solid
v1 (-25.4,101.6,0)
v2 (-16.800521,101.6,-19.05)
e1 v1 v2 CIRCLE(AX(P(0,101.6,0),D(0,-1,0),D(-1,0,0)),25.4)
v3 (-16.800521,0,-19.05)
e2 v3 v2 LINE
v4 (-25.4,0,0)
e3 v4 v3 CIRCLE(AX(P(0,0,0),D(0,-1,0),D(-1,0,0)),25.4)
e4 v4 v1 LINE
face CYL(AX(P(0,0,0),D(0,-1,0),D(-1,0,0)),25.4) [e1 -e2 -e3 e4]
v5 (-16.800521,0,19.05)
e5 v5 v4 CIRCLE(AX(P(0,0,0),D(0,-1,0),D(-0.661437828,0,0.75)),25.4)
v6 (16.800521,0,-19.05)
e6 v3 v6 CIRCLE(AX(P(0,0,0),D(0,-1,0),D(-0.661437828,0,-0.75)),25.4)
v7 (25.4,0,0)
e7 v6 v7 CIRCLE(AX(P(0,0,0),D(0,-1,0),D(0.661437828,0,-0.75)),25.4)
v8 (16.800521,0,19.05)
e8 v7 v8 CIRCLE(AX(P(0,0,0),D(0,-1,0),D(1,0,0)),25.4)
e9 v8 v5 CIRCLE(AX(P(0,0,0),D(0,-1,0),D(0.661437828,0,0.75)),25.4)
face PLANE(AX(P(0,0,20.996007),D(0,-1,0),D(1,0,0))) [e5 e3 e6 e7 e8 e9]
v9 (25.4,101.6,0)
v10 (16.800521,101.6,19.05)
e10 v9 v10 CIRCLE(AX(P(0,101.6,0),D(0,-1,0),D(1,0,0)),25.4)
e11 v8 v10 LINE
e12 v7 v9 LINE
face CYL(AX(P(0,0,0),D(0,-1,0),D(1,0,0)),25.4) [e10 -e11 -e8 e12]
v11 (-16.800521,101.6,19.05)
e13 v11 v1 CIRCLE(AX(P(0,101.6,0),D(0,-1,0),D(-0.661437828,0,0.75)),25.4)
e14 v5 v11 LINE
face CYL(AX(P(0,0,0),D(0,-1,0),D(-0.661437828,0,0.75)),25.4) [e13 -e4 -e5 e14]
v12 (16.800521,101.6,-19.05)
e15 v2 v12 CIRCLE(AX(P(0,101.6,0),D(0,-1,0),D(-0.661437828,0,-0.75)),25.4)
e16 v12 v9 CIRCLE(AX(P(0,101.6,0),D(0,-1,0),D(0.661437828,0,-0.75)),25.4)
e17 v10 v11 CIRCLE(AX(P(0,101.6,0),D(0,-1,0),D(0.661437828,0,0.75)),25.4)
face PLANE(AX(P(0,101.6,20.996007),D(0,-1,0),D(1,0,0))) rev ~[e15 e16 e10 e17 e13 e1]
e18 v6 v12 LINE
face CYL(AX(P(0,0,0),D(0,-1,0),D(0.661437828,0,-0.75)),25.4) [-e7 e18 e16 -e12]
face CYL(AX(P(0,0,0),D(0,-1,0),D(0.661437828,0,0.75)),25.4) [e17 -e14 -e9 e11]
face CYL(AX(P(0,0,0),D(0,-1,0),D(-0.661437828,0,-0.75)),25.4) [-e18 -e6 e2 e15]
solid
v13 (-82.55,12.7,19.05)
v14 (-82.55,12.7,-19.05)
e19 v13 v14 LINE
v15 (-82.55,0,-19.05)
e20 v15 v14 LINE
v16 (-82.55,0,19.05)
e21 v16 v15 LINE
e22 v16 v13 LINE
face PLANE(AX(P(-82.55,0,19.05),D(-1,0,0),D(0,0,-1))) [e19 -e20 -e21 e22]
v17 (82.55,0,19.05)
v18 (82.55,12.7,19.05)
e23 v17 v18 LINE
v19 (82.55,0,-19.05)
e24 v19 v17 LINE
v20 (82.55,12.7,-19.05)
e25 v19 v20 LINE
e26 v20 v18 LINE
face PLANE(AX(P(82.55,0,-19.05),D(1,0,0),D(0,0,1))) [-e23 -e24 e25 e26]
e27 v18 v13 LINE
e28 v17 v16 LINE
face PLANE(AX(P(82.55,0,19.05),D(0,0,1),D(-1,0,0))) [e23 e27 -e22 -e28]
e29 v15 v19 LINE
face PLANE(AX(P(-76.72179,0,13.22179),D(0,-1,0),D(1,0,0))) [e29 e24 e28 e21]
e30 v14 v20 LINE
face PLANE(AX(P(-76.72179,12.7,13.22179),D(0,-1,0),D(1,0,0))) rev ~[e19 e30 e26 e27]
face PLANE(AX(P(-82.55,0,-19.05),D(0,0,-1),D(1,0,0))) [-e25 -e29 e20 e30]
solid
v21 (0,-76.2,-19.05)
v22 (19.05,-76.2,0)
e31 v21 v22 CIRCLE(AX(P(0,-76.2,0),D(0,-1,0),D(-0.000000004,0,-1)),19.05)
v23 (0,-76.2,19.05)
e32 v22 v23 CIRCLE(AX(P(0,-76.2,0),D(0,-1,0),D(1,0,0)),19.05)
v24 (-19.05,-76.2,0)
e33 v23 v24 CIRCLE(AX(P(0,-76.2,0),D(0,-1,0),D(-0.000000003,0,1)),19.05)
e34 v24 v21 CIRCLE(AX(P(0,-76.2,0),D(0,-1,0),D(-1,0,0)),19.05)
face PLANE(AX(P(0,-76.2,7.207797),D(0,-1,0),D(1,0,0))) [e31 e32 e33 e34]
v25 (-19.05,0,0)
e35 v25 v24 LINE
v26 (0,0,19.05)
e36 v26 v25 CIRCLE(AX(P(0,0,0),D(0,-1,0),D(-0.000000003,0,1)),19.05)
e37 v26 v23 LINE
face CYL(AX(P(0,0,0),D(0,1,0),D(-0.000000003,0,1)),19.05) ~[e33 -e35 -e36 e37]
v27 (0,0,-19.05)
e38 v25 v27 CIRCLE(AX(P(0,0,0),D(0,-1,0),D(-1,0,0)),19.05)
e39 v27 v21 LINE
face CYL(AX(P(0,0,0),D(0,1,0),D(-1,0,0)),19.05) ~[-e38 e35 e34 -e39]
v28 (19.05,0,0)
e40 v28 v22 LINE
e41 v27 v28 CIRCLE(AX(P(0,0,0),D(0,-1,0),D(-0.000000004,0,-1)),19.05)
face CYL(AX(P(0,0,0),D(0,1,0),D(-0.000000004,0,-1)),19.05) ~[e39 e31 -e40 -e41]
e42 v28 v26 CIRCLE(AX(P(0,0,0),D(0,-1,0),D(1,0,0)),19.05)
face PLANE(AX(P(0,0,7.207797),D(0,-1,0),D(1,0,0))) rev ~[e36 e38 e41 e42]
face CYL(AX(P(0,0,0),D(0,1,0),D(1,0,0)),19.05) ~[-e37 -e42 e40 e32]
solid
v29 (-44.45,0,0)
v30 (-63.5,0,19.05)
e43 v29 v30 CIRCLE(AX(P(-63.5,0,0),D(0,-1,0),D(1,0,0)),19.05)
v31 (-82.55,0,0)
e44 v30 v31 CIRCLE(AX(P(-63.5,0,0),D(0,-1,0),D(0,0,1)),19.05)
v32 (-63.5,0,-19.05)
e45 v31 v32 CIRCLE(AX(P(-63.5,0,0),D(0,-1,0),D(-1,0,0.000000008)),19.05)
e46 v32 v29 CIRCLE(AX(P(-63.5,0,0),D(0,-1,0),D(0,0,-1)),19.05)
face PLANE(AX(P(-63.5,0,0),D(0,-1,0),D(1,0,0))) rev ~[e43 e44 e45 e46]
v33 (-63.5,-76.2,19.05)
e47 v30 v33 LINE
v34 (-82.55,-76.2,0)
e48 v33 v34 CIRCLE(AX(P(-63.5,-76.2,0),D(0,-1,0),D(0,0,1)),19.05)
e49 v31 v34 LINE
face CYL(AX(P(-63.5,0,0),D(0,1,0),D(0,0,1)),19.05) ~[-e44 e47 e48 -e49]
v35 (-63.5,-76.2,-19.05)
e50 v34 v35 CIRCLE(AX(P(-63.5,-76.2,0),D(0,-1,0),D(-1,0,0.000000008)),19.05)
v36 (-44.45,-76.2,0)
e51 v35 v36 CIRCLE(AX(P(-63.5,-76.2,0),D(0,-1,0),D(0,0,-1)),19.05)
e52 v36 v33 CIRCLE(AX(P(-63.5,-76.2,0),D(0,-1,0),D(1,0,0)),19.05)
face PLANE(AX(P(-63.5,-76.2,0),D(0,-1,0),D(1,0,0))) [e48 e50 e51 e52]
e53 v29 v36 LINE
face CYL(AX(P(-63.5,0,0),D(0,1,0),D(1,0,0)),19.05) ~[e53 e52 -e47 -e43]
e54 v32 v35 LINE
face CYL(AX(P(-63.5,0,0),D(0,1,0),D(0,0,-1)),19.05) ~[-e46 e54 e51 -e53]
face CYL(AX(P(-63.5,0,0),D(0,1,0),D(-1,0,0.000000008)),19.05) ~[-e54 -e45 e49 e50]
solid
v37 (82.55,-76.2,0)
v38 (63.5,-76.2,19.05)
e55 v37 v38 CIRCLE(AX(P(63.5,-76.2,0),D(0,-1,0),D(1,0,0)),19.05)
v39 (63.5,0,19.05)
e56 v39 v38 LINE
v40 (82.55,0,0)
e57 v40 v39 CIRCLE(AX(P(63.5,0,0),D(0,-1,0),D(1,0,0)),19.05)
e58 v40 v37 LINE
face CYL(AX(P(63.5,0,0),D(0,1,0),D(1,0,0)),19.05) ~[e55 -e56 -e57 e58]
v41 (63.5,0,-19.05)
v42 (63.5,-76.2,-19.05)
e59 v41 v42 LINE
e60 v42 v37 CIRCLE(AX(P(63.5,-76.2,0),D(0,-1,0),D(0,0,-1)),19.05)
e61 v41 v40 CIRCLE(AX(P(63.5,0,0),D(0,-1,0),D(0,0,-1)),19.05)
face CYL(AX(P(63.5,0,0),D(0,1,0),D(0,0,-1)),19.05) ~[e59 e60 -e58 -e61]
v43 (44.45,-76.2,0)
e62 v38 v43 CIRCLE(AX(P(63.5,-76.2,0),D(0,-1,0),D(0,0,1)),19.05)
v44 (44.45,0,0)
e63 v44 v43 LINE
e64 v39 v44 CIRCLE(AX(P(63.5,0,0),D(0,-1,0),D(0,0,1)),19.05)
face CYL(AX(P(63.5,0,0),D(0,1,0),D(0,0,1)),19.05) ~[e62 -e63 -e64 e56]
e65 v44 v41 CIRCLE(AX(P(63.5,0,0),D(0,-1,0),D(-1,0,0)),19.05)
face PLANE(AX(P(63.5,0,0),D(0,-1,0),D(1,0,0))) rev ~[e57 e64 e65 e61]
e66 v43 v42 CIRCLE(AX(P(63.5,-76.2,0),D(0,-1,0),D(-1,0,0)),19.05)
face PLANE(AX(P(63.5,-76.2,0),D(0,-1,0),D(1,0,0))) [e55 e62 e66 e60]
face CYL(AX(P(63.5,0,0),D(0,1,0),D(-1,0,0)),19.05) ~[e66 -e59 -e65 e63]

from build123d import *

# Parameters (mm, degrees)
F1_DEPTH = 76.2
F2_DEPTH = 12.7
F3_DEPTH = 101.6


with BuildPart() as f1:
    # F0 (on Front) → F1 (new body)
    with BuildSketch(Plane.XZ):
        with BuildLine():
            ThreePointArc((-63.5, -19.05), (-50.0296158184, -13.4703841816), (-44.45, 0))
            ThreePointArc((-44.45, 0), (-50.0296158184, 13.4703841816), (-63.5, 19.05))
            ThreePointArc((-63.5, 19.05), (-76.9703841264, 13.4703842368), (-82.55, 1.56e-07))
            ThreePointArc((-82.55, 1.56e-07), (-76.9703842368, -13.4703841264), (-63.5, -19.05))
        make_face()
    extrude(amount=F1_DEPTH)


with BuildPart() as f1b:
    # F0 (on Front) → F1, piece 2 (new body)
    with BuildSketch(Plane.XZ):
        with BuildLine():
            ThreePointArc((82.55, 0), (76.9703841816, 13.4703841816), (63.5, 19.05))
            ThreePointArc((63.5, 19.05), (50.0296158184, 13.4703841816), (44.45, 0))
            ThreePointArc((44.45, 0), (50.0296158184, -13.4703841816), (63.5, -19.05))
            ThreePointArc((63.5, -19.05), (76.9703841816, -13.4703841816), (82.55, 0))
        make_face()
    extrude(amount=F1_DEPTH)


with BuildPart() as f1c:
    # F0 (on Front) → F1, piece 3 (new body)
    with BuildSketch(Plane.XZ):
        with BuildLine():
            ThreePointArc((-5.96e-08, 19.05), (-13.4703842027, 13.4703841605), (-19.05, 0))
            Line((-19.05, 0), (0, 0))
            Line((0, 0), (19.05, 0))
            ThreePointArc((19.05, 0), (13.4703841605, 13.4703842027), (-5.96e-08, 19.05))
        make_face()
        with BuildLine():
            Line((0, 0), (-19.05, 0))
            ThreePointArc((-19.05, 0), (-13.4703842077, -13.4703841555), (-7.38e-08, -19.05))
            ThreePointArc((-7.38e-08, -19.05), (13.4703841555, -13.4703842077), (19.05, 0))
            Line((19.05, 0), (0, 0))
        make_face()
    extrude(amount=F1_DEPTH)


with BuildPart() as f2:
    # F0 (on Front) → F2 (new body)
    with BuildSketch(Plane.XZ):
        with BuildLine():
            ThreePointArc((-82.55, 1.56e-07), (-76.9703841264, 13.4703842368), (-63.5, 19.05))
            Line((-63.5, 19.05), (-82.55, 19.05))
            Line((-82.55, 19.05), (-82.55, 1.56e-07))
        make_face()
        with BuildLine():
            Line((-82.55, -19.05), (-63.5, -19.05))
            ThreePointArc((-63.5, -19.05), (-76.9703842368, -13.4703841264), (-82.55, 1.56e-07))
            Line((-82.55, 1.56e-07), (-82.55, -19.05))
        make_face()
        with BuildLine():
            Line((82.55, 19.05), (63.5, 19.05))
            ThreePointArc((63.5, 19.05), (76.9703841816, 13.4703841816), (82.55, 0))
            Line((82.55, 0), (82.55, 19.05))
        make_face()
        with BuildLine():
            ThreePointArc((82.55, 0), (76.9703841816, -13.4703841816), (63.5, -19.05))
            Line((63.5, -19.05), (82.55, -19.05))
            Line((82.55, -19.05), (82.55, 0))
        make_face()
        with BuildLine():
            ThreePointArc((-63.5, 19.05), (-50.0296158184, 13.4703841816), (-44.45, 0))
            Line((-44.45, 0), (-25.4, 0))
            ThreePointArc((-25.4, 0), (-23.1505208253, 10.4505208253), (-16.8005208253, 19.05))
            Line((-16.8005208253, 19.05), (-63.5, 19.05))
        make_face()
        with BuildLine():
            Line((-25.4, 0), (-44.45, 0))
            ThreePointArc((-44.45, 0), (-50.0296158184, -13.4703841816), (-63.5, -19.05))
            Line((-63.5, -19.05), (-16.8005208253, -19.05))
            ThreePointArc((-16.8005208253, -19.05), (-23.1505208253, -10.4505208253), (-25.4, 0))
        make_face()
        with BuildLine():
            Line((63.5, 19.05), (16.8005208253, 19.05))
            ThreePointArc((16.8005208253, 19.05), (23.1505208253, 10.4505208253), (25.4, 0))
            Line((25.4, 0), (44.45, 0))
            ThreePointArc((44.45, 0), (50.0296158184, 13.4703841816), (63.5, 19.05))
        make_face()
        with BuildLine():
            ThreePointArc((25.4, 0), (23.1505208253, -10.4505208253), (16.8005208253, -19.05))
            Line((16.8005208253, -19.05), (63.5, -19.05))
            ThreePointArc((63.5, -19.05), (50.0296158184, -13.4703841816), (44.45, 0))
            Line((44.45, 0), (25.4, 0))
        make_face()
        with BuildLine():
            Line((16.8005208253, 19.05), (-5.96e-08, 19.05))
            ThreePointArc((-5.96e-08, 19.05), (13.4703841605, 13.4703842027), (19.05, 0))
            Line((19.05, 0), (25.4, 0))
            ThreePointArc((25.4, 0), (23.1505208253, 10.4505208253), (16.8005208253, 19.05))
        make_face()
        with BuildLine():
            ThreePointArc((-16.8005208253, 19.05), (-23.1505208253, 10.4505208253), (-25.4, 0))
            Line((-25.4, 0), (-19.05, 0))
            ThreePointArc((-19.05, 0), (-13.4703842027, 13.4703841605), (-5.96e-08, 19.05))
            Line((-5.96e-08, 19.05), (-16.8005208253, 19.05))
        make_face()
        with BuildLine():
            Line((-19.05, 0), (-25.4, 0))
            ThreePointArc((-25.4, 0), (-23.1505208253, -10.4505208253), (-16.8005208253, -19.05))
            Line((-16.8005208253, -19.05), (-7.38e-08, -19.05))
            ThreePointArc((-7.38e-08, -19.05), (-13.4703842077, -13.4703841555), (-19.05, 0))
        make_face()
        with BuildLine():
            ThreePointArc((19.05, 0), (13.4703841555, -13.4703842077), (-7.38e-08, -19.05))
            Line((-7.38e-08, -19.05), (16.8005208253, -19.05))
            ThreePointArc((16.8005208253, -19.05), (23.1505208253, -10.4505208253), (25.4, 0))
            Line((25.4, 0), (19.05, 0))
        make_face()
        with BuildLine():
            ThreePointArc((-63.5, -19.05), (-50.0296158184, -13.4703841816), (-44.45, 0))
            ThreePointArc((-44.45, 0), (-50.0296158184, 13.4703841816), (-63.5, 19.05))
            ThreePointArc((-63.5, 19.05), (-76.9703841264, 13.4703842368), (-82.55, 1.56e-07))
            ThreePointArc((-82.55, 1.56e-07), (-76.9703842368, -13.4703841264), (-63.5, -19.05))
        make_face()
        with BuildLine():
            ThreePointArc((-5.96e-08, 19.05), (-13.4703842027, 13.4703841605), (-19.05, 0))
            Line((-19.05, 0), (0, 0))
            Line((0, 0), (19.05, 0))
            ThreePointArc((19.05, 0), (13.4703841605, 13.4703842027), (-5.96e-08, 19.05))
        make_face()
        with BuildLine():
            ThreePointArc((82.55, 0), (76.9703841816, 13.4703841816), (63.5, 19.05))
            ThreePointArc((63.5, 19.05), (50.0296158184, 13.4703841816), (44.45, 0))
            ThreePointArc((44.45, 0), (50.0296158184, -13.4703841816), (63.5, -19.05))
            ThreePointArc((63.5, -19.05), (76.9703841816, -13.4703841816), (82.55, 0))
        make_face()
        with BuildLine():
            Line((0, 0), (-19.05, 0))
            ThreePointArc((-19.05, 0), (-13.4703842077, -13.4703841555), (-7.38e-08, -19.05))
            ThreePointArc((-7.38e-08, -19.05), (13.4703841555, -13.4703842077), (19.05, 0))
            Line((19.05, 0), (0, 0))
        make_face()
    extrude(amount=-F2_DEPTH)


with BuildPart() as f3:
    # F0 (on Front) → F3 (new body)
    with BuildSketch(Plane.XZ):
        with BuildLine():
            ThreePointArc((16.8005208253, 19.05), (0, 25.4), (-16.8005208253, 19.05))
            Line((-16.8005208253, 19.05), (-5.96e-08, 19.05))
            Line((-5.96e-08, 19.05), (16.8005208253, 19.05))
        make_face()
        with BuildLine():
            ThreePointArc((-16.8005208253, 19.05), (-23.1505208253, 10.4505208253), (-25.4, 0))
            Line((-25.4, 0), (-19.05, 0))
            ThreePointArc((-19.05, 0), (-13.4703842027, 13.4703841605), (-5.96e-08, 19.05))
            Line((-5.96e-08, 19.05), (-16.8005208253, 19.05))
        make_face()
        with BuildLine():
            Line((16.8005208253, 19.05), (-5.96e-08, 19.05))
            ThreePointArc((-5.96e-08, 19.05), (13.4703841605, 13.4703842027), (19.05, 0))
            Line((19.05, 0), (25.4, 0))
            ThreePointArc((25.4, 0), (23.1505208253, 10.4505208253), (16.8005208253, 19.05))
        make_face()
        with BuildLine():
            ThreePointArc((19.05, 0), (13.4703841555, -13.4703842077), (-7.38e-08, -19.05))
            Line((-7.38e-08, -19.05), (16.8005208253, -19.05))
            ThreePointArc((16.8005208253, -19.05), (23.1505208253, -10.4505208253), (25.4, 0))
            Line((25.4, 0), (19.05, 0))
        make_face()
        with BuildLine():
            Line((-7.38e-08, -19.05), (-16.8005208253, -19.05))
            ThreePointArc((-16.8005208253, -19.05), (0, -25.4), (16.8005208253, -19.05))
            Line((16.8005208253, -19.05), (-7.38e-08, -19.05))
        make_face()
        with BuildLine():
            Line((-19.05, 0), (-25.4, 0))
            ThreePointArc((-25.4, 0), (-23.1505208253, -10.4505208253), (-16.8005208253, -19.05))
            Line((-16.8005208253, -19.05), (-7.38e-08, -19.05))
            ThreePointArc((-7.38e-08, -19.05), (-13.4703842077, -13.4703841555), (-19.05, 0))
        make_face()
        with BuildLine():
            ThreePointArc((-5.96e-08, 19.05), (-13.4703842027, 13.4703841605), (-19.05, 0))
            Line((-19.05, 0), (0, 0))
            Line((0, 0), (19.05, 0))
            ThreePointArc((19.05, 0), (13.4703841605, 13.4703842027), (-5.96e-08, 19.05))
        make_face()
        with BuildLine():
            Line((0, 0), (-19.05, 0))
            ThreePointArc((-19.05, 0), (-13.4703842077, -13.4703841555), (-7.38e-08, -19.05))
            ThreePointArc((-7.38e-08, -19.05), (13.4703841555, -13.4703842077), (19.05, 0))
            Line((19.05, 0), (0, 0))
        make_face()
    extrude(amount=-F3_DEPTH)


solid = Compound([f1.part, f1b.part, f1c.part, f2.part, f3.part])
